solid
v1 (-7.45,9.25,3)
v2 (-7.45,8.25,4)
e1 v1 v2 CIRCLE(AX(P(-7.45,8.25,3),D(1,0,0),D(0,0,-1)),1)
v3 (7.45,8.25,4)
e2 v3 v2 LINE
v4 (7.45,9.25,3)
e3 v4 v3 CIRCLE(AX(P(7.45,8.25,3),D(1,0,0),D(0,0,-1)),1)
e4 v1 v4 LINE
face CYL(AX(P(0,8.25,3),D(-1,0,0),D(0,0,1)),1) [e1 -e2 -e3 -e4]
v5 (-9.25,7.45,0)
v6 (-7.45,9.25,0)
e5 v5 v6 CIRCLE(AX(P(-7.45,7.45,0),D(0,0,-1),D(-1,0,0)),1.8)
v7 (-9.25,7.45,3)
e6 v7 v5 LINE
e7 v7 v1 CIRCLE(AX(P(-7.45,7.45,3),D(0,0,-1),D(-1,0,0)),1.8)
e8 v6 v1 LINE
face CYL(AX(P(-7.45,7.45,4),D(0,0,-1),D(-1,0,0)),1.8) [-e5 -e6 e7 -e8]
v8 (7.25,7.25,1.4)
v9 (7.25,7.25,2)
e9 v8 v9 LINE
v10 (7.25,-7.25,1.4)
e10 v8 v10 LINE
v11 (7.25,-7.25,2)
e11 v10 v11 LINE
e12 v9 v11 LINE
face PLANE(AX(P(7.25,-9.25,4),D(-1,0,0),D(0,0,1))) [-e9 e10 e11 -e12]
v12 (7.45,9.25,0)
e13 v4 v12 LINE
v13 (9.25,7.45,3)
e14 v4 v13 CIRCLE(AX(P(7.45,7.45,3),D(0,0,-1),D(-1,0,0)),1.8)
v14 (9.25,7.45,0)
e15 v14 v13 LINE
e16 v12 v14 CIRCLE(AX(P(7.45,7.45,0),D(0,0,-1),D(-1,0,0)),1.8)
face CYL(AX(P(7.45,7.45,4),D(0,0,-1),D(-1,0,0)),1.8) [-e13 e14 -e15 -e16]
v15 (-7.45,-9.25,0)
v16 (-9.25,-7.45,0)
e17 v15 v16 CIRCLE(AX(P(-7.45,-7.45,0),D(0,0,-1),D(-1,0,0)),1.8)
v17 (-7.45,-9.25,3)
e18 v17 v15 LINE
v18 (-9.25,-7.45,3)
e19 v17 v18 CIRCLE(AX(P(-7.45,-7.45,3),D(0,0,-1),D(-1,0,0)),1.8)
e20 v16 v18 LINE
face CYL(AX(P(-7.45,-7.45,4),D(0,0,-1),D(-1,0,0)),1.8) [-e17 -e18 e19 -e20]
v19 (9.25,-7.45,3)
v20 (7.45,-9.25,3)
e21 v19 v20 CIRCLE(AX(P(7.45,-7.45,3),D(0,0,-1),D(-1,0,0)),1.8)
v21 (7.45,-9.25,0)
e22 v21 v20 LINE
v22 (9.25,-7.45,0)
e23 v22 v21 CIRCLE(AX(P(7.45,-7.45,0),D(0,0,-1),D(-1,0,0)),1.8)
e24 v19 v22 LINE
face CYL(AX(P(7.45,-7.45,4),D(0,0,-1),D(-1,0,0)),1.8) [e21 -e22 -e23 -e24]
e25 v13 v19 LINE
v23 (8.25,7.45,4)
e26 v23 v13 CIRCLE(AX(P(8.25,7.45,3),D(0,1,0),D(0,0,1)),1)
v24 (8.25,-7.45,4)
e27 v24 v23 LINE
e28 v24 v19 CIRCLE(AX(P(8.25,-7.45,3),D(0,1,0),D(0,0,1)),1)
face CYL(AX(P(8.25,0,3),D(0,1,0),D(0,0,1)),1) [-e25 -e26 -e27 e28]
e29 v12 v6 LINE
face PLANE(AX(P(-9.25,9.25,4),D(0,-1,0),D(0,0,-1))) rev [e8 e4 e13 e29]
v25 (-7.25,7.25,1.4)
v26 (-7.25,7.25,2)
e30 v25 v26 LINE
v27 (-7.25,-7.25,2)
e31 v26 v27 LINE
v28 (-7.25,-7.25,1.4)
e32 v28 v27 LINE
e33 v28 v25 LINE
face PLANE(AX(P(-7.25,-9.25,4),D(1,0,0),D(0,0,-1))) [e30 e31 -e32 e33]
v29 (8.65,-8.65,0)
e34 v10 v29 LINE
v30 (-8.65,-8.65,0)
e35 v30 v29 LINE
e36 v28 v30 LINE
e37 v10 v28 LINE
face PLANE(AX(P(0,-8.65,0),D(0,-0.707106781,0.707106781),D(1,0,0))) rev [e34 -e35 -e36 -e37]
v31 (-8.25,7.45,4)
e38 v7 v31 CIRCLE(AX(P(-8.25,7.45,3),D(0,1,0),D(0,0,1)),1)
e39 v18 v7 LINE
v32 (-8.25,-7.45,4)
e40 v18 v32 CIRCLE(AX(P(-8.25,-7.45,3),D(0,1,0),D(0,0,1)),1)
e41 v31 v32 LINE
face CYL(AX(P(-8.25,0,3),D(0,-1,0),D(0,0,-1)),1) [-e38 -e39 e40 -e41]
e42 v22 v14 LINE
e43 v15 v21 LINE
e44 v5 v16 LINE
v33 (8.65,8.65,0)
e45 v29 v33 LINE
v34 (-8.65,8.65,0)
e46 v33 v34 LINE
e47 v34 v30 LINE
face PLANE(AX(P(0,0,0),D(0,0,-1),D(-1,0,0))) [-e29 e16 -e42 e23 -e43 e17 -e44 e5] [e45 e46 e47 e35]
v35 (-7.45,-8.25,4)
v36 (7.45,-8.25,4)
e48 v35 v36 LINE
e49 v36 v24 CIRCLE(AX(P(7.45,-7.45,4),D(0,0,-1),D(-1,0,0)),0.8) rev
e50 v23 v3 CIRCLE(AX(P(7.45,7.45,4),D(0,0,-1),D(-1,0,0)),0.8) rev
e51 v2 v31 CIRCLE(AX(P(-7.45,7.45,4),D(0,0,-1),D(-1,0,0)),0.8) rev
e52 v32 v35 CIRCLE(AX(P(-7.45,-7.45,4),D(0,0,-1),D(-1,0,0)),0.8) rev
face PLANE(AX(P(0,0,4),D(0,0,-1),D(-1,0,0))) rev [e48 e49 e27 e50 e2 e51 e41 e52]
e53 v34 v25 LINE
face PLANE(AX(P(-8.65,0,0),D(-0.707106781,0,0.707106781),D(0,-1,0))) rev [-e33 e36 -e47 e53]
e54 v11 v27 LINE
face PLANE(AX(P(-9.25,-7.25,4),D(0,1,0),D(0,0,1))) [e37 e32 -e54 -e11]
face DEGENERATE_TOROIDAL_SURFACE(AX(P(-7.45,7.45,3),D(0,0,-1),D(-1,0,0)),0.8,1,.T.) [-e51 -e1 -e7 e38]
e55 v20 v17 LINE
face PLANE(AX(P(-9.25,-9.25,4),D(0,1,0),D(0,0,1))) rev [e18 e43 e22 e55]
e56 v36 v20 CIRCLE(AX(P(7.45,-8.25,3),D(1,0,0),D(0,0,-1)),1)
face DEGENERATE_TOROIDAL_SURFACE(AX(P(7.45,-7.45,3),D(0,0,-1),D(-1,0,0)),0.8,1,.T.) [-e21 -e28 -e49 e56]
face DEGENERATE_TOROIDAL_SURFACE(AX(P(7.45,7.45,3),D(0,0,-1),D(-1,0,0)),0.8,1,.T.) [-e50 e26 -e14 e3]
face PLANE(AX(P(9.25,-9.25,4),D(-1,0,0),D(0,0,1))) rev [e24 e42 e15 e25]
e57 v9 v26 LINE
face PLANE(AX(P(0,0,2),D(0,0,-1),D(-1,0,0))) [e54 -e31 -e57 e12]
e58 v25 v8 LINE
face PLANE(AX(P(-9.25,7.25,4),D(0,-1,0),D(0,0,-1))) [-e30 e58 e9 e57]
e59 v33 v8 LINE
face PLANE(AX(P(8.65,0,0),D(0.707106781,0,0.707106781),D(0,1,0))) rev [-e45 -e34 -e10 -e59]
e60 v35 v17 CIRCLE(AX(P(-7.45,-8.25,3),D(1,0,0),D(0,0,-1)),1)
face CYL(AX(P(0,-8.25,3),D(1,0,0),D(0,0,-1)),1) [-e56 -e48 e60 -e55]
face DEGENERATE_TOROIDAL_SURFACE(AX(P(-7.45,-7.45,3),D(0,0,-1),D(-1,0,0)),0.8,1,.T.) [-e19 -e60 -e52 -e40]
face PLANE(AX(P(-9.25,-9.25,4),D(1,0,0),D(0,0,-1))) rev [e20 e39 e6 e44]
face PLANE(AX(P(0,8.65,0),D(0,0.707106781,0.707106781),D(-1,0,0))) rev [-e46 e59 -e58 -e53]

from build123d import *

# Parameters (mm, degrees)
SCHIZZO1_W                   = 18.5
SCHIZZO1_H                   = 18.5
ESTRUSIONE_ESTRUSIONE1_DEPTH = 4
RACCORDO1_R                  = 1.8
RACCORDO2_R                  = 1
SVUOTA1_T                    = -2
SMUSSO1_SIZE                 = 1.4


with BuildPart() as part:
    # Schizzo1 → Estrusione-Estrusione1 (new body)
    with BuildSketch(Plane.XY):
        Rectangle(SCHIZZO1_W, SCHIZZO1_H)
    extrude(amount=ESTRUSIONE_ESTRUSIONE1_DEPTH)

    # Raccordo1
    raccordo1_edges = [part.edges().sort_by_distance(p)[0] for p in [
        (9.25, -9.25, 2),
        (-9.25, -9.25, 2),
        (-9.25, 9.25, 2),
        (9.25, 9.25, 2),
    ]]
    fillet(raccordo1_edges, radius=RACCORDO1_R)

    # Raccordo2
    raccordo2_edges = [part.edges().sort_by_distance(p)[0] for p in [
        (-9.25, 0, 4),
        (0, 9.25, 4),
        (9.25, 0, 4),
        (0, -9.25, 4),
        (8.722792206, 8.722792206, 4),
        (8.722792206, -8.722792206, 4),
        (-8.722792206, -8.722792206, 4),
        (-8.722792206, 8.722792206, 4),
    ]]
    fillet(raccordo2_edges, radius=RACCORDO2_R)

    # Svuota1
    svuota1_openings = [part.faces().sort_by_distance(p)[0] for p in [
        (0, 0, 0),
    ]]
    offset(amount=SVUOTA1_T, openings=svuota1_openings, kind=Kind.INTERSECTION)

    # Smusso1
    smusso1_edges = [part.edges().sort_by_distance(p)[0] for p in [
        (7.25, 0, 0),
        (0, 7.25, 0),
        (-7.25, 0, 0),
        (0, -7.25, 0),
    ]]
    chamfer(smusso1_edges, length=SMUSSO1_SIZE)


solid = part.part
